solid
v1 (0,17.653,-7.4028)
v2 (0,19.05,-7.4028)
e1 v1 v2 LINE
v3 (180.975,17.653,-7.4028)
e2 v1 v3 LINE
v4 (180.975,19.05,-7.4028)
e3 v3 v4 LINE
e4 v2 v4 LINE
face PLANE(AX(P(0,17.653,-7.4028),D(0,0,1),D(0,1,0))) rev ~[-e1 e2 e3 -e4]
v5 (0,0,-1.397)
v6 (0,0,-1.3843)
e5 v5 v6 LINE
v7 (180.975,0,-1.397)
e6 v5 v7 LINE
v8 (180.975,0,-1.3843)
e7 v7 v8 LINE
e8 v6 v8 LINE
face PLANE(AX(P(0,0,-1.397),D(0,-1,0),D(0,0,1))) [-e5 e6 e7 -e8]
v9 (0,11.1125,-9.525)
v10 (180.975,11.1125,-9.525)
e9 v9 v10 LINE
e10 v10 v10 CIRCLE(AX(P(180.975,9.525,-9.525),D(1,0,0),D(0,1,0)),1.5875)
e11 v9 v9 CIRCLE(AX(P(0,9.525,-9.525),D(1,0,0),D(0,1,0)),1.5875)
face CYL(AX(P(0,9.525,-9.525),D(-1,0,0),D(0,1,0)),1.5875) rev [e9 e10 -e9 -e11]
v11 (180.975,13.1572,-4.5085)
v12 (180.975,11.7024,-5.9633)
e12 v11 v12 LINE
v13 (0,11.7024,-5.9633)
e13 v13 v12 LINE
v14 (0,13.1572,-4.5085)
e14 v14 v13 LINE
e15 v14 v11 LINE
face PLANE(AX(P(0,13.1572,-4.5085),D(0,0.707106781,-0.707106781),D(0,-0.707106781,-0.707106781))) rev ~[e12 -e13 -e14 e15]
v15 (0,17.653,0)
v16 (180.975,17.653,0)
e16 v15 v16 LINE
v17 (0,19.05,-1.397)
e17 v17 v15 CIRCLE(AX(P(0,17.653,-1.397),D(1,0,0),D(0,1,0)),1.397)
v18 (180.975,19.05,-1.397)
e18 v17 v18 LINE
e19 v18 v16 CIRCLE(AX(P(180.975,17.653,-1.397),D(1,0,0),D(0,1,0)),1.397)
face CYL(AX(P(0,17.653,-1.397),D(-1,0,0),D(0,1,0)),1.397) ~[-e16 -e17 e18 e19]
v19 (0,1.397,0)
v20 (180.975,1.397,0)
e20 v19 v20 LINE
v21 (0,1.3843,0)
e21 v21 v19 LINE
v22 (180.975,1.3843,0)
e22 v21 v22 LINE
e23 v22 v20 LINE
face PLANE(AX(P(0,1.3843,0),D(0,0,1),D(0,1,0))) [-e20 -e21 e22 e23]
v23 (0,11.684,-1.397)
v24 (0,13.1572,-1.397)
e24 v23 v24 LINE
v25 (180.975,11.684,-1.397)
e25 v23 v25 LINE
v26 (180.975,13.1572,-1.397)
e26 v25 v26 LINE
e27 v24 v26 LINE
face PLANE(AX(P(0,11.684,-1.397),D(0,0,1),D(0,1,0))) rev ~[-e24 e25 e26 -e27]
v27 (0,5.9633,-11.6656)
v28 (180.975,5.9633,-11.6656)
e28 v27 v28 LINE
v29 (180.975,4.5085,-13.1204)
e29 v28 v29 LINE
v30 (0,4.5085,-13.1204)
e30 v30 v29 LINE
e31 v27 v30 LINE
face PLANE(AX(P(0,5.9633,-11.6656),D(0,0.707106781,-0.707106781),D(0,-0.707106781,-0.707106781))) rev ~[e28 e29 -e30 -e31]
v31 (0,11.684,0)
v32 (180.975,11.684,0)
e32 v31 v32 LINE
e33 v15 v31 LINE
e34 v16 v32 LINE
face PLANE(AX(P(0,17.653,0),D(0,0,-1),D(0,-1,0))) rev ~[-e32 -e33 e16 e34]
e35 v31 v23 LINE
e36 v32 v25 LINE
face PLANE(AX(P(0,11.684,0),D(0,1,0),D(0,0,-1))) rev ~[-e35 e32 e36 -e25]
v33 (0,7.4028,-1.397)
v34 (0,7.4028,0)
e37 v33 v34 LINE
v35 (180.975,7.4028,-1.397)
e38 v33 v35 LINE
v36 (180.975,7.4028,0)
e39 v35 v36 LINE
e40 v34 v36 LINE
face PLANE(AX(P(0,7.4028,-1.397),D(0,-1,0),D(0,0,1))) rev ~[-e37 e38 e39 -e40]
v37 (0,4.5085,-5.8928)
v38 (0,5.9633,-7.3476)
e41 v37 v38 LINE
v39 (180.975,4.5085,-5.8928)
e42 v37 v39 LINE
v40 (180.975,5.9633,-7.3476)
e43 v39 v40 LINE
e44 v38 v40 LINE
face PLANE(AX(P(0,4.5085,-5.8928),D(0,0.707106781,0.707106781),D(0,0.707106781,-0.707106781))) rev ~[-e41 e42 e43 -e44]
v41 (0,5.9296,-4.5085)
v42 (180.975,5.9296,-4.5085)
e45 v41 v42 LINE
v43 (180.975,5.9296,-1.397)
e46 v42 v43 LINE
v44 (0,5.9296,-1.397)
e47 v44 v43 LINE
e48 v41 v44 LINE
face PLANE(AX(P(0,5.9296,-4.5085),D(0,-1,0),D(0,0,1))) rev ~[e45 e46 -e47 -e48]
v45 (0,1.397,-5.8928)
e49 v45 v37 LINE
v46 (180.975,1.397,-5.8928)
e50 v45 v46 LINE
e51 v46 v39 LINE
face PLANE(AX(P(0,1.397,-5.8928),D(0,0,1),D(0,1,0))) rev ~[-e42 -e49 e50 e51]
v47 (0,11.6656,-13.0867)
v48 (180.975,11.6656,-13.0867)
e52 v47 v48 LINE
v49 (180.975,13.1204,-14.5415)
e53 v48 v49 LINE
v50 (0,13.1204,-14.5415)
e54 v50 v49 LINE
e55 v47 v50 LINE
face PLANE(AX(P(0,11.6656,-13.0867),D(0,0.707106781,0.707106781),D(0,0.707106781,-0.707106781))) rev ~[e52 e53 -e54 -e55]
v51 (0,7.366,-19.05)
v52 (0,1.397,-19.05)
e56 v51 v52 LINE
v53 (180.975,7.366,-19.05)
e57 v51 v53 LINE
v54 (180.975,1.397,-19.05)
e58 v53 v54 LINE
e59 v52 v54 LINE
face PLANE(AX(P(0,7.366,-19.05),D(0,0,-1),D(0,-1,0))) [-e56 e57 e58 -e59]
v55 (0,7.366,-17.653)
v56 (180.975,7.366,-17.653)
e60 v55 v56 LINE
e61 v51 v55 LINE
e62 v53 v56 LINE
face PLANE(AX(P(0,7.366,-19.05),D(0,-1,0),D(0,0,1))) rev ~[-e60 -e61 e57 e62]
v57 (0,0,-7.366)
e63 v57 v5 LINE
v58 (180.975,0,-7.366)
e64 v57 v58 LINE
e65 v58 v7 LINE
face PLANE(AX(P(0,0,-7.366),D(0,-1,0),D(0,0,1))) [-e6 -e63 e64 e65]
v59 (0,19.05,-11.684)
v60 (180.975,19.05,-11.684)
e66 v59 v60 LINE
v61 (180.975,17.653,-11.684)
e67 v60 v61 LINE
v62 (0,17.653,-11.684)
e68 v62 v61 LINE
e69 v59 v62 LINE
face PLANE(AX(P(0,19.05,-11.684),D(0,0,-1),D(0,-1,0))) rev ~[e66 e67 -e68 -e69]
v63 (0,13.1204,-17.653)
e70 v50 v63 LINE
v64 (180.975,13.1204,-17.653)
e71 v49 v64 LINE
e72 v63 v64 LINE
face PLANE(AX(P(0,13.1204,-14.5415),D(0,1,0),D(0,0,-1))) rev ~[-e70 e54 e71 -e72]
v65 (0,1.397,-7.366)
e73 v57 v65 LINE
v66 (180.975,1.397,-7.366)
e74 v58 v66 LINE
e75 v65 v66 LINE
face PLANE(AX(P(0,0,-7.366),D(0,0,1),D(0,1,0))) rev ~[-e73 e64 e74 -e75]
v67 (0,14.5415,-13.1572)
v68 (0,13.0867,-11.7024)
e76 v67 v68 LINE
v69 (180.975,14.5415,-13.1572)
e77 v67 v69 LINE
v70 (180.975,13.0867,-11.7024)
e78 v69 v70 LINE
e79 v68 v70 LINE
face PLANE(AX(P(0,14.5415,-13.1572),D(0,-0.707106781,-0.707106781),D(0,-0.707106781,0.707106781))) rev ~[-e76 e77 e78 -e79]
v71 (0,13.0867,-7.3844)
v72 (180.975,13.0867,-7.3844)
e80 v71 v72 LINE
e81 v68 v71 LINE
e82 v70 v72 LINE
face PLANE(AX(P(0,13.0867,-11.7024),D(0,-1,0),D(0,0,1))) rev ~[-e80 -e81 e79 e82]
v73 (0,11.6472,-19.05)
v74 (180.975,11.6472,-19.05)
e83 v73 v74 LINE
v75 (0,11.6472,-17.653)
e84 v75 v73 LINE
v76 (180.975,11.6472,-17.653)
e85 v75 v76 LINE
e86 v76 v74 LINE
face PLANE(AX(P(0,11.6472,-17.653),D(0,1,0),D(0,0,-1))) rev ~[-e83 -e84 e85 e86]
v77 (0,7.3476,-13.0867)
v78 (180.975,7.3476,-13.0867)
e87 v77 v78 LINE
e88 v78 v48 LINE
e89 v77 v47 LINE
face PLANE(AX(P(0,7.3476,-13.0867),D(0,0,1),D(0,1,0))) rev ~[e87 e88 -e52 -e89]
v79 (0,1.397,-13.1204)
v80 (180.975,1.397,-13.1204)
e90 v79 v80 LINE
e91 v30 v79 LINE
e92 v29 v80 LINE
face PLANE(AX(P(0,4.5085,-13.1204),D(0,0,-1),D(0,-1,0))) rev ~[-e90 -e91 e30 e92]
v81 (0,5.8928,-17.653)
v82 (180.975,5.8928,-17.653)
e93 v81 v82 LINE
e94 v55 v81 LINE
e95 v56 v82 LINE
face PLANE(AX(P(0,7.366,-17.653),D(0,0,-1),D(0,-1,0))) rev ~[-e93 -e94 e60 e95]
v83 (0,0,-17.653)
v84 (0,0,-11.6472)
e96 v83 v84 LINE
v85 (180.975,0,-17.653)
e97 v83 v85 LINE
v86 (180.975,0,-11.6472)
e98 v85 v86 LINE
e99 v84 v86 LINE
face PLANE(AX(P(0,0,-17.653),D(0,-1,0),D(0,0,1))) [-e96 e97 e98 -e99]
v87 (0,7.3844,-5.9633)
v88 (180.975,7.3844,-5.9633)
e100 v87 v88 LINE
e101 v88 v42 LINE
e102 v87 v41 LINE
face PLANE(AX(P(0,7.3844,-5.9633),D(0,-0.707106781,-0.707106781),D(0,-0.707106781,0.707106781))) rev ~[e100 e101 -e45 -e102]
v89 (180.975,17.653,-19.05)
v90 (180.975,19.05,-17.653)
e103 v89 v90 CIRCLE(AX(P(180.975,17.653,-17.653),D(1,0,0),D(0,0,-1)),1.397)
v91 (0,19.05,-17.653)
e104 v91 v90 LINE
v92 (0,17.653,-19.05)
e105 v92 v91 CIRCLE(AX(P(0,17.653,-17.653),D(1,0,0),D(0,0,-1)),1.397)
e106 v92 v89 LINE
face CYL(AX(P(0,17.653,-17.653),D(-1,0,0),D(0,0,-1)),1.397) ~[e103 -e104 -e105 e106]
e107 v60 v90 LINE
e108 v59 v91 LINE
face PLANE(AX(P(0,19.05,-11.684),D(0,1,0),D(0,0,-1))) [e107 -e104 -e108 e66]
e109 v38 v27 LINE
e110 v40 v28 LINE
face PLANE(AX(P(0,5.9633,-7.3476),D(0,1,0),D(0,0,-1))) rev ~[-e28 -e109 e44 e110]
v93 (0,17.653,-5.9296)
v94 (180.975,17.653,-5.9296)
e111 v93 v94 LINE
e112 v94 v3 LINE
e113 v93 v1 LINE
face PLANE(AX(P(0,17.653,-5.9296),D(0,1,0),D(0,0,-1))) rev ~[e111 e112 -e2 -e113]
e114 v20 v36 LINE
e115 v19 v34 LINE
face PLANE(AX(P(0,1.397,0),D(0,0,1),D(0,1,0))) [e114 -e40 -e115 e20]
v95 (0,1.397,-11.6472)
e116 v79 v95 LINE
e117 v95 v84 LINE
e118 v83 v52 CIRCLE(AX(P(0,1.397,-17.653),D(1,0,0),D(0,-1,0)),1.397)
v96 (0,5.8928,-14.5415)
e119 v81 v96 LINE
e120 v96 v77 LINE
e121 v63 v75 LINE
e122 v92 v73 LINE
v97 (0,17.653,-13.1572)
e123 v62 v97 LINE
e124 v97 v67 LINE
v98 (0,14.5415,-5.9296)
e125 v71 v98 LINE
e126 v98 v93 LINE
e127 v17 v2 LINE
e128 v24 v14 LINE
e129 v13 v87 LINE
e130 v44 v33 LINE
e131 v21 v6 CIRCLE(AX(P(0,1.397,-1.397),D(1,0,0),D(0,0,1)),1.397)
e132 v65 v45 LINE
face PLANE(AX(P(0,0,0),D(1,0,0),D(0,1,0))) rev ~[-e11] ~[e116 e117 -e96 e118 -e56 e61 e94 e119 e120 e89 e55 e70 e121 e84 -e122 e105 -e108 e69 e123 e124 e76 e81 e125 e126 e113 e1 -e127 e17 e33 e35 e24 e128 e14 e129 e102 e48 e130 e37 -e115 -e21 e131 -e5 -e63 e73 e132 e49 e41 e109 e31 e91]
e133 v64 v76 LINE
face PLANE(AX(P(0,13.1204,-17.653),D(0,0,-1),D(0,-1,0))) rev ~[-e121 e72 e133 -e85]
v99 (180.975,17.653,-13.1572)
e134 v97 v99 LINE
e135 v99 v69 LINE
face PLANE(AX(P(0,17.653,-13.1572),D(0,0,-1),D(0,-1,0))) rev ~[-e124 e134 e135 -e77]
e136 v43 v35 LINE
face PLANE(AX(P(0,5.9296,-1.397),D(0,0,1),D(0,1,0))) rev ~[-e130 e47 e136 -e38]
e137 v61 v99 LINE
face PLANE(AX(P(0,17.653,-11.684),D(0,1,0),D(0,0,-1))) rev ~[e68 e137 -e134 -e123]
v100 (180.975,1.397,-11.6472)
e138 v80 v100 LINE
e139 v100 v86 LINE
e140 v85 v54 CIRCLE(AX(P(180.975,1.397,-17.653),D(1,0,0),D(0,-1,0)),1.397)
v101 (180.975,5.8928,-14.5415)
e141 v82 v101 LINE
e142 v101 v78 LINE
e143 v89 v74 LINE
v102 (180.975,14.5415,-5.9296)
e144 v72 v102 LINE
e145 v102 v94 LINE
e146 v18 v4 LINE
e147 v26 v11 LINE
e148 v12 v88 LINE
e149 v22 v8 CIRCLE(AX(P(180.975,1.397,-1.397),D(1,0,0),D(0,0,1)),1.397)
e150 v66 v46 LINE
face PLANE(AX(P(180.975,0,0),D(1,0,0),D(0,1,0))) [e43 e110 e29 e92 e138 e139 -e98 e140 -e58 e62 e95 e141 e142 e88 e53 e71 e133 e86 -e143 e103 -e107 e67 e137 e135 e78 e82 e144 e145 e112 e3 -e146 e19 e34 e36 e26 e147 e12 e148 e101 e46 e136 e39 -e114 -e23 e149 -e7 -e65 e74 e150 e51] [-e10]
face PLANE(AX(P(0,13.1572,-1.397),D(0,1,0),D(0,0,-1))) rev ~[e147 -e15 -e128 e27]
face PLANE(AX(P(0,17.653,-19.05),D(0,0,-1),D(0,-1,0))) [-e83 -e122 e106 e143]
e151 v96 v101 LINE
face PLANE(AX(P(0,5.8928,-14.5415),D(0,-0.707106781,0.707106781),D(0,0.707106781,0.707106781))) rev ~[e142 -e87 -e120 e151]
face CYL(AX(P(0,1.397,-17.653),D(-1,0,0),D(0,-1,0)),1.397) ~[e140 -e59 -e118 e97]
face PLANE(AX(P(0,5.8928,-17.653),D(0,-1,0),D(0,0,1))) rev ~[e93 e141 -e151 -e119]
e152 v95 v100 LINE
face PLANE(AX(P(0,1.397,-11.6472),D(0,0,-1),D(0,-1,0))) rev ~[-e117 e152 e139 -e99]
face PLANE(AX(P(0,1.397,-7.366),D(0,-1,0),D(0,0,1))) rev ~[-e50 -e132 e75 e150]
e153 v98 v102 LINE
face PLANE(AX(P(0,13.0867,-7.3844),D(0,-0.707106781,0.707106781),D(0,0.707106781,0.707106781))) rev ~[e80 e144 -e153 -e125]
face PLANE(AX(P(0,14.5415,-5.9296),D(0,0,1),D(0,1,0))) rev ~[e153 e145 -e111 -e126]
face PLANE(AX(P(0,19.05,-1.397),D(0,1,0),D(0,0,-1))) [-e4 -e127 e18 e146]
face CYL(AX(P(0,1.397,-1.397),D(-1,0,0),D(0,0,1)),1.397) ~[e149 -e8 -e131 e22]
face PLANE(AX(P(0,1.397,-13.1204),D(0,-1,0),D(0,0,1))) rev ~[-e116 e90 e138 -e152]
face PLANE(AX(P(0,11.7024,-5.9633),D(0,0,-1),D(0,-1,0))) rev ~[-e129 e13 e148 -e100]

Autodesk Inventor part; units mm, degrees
ref_plane "YZ Plane" through (0, 0, 0) normal (1, 0, 0) x (0, 1, 0)
ref_plane "XZ Plane" through (0, 0, 0) normal (0, 1, 0) x (-1, 0, 0)
ref_plane "XY Plane" through (0, 0, 0) normal (0, 0, 1) x (1, 0, 0)
sketch "Sketch2" plane through (0, 0, 0) normal (1, 0, 0) x (0, 1, 0)
  line L0 (1.3843, 0) -> (1.397, 0)
  line L1 (17.653, 0) -> (11.684, 0)
  line L2 (11.684, 0) -> (11.684, -1.397)
  line L3 (11.684, -1.397) -> (13.1572, -1.397)
  line L4 (13.1572, -1.397) -> (13.1572, -4.5085)
  line L5 (13.1572, -4.5085) -> (11.7024, -5.9633)
  line L6 (11.7024, -5.9633) -> (7.3844, -5.9633)
  line L7 (7.3844, -5.9633) -> (5.9296, -4.5085)
  line L8 (5.9296, -4.5085) -> (5.9296, -1.397)
  line L9 (5.9296, -1.397) -> (7.4028, -1.397)
  line L10 (7.4028, -1.397) -> (7.4028, 0)
  line L11 (1.397, 0) -> (7.4028, 0)
  line L12 (11.684, 0) -> (19.05, 0)
  line L13 (5.9633, -7.3476) -> (5.9633, -11.6656)
  line L14 (4.5085, -5.8928) -> (5.9633, -7.3476)
  line L15 (5.9633, -11.6656) -> (4.5085, -13.1204)
  line L16 (1.397, -13.1204) -> (1.397, -11.6472)
  line L17 (4.5085, -13.1204) -> (1.397, -13.1204)
  line L18 (1.397, -11.6472) -> (0, -11.6472)
  line L19 (1.397, -5.8928) -> (4.5085, -5.8928)
  line L20 (0, -7.366) -> (1.397, -7.366)
  line L21 (1.397, -7.366) -> (1.397, -5.8928)
  line L22 (7.3476, -13.0867) -> (11.6656, -13.0867)
  line L23 (5.8928, -14.5415) -> (7.3476, -13.0867)
  line L24 (11.6656, -13.0867) -> (13.1204, -14.5415)
  line L25 (13.1204, -17.653) -> (11.6472, -17.653)
  line L26 (13.1204, -14.5415) -> (13.1204, -17.653)
  line L27 (11.6472, -17.653) -> (11.6472, -19.05)
  line L28 (5.8928, -17.653) -> (5.8928, -14.5415)
  line L29 (7.366, -19.05) -> (7.366, -17.653)
  line L30 (7.366, -17.653) -> (5.8928, -17.653)
  line L31 (13.0867, -11.7024) -> (13.0867, -7.3844)
  line L32 (14.5415, -13.1572) -> (13.0867, -11.7024)
  line L33 (13.0867, -7.3844) -> (14.5415, -5.9296)
  line L34 (17.653, -5.9296) -> (17.653, -7.4028)
  line L35 (14.5415, -5.9296) -> (17.653, -5.9296)
  line L36 (17.653, -7.4028) -> (19.05, -7.4028)
  line L37 (17.653, -13.1572) -> (14.5415, -13.1572)
  line L38 (19.05, -11.684) -> (17.653, -11.684)
  line L39 (17.653, -11.684) -> (17.653, -13.1572)
  line L40 (1.3843, 0) -> (1.397, 0)
  line L41 (19.05, -1.397) -> (19.05, -7.4028)
  line L42 (19.05, -11.684) -> (19.05, -17.653)
  line L43 (17.653, -19.05) -> (11.6472, -19.05)
  line L44 (7.366, -19.05) -> (1.397, -19.05)
  line L45 (0, -17.653) -> (0, -11.6472)
  line L46 (0, -7.366) -> (0, -1.397)
  line L47 (0, -7.366) -> (0, -1.397)
  circle A0 centre (9.525, -9.525) radius 1.5875
  line L48 (1.3843, 0) -> (1.397, 0)
  line L49 (0, -1.397) -> (0, -1.3843)
  arc A1 (1.397, 0) -> (0, -1.397) centre (1.397, -1.397) ccw
  arc A2 (0, -17.653) -> (1.397, -19.05) centre (1.397, -17.653) ccw
  arc A3 (17.653, -19.05) -> (19.05, -17.653) centre (17.653, -17.653) ccw
  arc A4 (19.05, -1.397) -> (17.653, 0) centre (17.653, -1.397) ccw
  point P0 (0, 0)
  dimension "d34" = 7.366
  dimension "d35" = 1.397
  dimension "d37" = 1.4732
  dimension "d38" = 3.1115
  dimension "d39" = 2.0574
  dimension "d40" = 135
  dimension "d41" = 4.318
  dimension "d42" = 2.0574
  dimension "d43" = 1.4732
  dimension "d46" = 1.397
  dimension "d49" = 360
  dimension "d56" = 19.05
  dimension "d58" = 3.175
  dimension "d61" = 1.397
  dimension "d62" = 1.397
  dimension "d63" = 1.397
  dimension "d64" = 1.397
  dimension "d67" = 360
  dimension "d71" = 3.1115
extrude "Extrusion1" add sketch "Sketch2" along normal blind 180.975
properties part number "Extrusion"
